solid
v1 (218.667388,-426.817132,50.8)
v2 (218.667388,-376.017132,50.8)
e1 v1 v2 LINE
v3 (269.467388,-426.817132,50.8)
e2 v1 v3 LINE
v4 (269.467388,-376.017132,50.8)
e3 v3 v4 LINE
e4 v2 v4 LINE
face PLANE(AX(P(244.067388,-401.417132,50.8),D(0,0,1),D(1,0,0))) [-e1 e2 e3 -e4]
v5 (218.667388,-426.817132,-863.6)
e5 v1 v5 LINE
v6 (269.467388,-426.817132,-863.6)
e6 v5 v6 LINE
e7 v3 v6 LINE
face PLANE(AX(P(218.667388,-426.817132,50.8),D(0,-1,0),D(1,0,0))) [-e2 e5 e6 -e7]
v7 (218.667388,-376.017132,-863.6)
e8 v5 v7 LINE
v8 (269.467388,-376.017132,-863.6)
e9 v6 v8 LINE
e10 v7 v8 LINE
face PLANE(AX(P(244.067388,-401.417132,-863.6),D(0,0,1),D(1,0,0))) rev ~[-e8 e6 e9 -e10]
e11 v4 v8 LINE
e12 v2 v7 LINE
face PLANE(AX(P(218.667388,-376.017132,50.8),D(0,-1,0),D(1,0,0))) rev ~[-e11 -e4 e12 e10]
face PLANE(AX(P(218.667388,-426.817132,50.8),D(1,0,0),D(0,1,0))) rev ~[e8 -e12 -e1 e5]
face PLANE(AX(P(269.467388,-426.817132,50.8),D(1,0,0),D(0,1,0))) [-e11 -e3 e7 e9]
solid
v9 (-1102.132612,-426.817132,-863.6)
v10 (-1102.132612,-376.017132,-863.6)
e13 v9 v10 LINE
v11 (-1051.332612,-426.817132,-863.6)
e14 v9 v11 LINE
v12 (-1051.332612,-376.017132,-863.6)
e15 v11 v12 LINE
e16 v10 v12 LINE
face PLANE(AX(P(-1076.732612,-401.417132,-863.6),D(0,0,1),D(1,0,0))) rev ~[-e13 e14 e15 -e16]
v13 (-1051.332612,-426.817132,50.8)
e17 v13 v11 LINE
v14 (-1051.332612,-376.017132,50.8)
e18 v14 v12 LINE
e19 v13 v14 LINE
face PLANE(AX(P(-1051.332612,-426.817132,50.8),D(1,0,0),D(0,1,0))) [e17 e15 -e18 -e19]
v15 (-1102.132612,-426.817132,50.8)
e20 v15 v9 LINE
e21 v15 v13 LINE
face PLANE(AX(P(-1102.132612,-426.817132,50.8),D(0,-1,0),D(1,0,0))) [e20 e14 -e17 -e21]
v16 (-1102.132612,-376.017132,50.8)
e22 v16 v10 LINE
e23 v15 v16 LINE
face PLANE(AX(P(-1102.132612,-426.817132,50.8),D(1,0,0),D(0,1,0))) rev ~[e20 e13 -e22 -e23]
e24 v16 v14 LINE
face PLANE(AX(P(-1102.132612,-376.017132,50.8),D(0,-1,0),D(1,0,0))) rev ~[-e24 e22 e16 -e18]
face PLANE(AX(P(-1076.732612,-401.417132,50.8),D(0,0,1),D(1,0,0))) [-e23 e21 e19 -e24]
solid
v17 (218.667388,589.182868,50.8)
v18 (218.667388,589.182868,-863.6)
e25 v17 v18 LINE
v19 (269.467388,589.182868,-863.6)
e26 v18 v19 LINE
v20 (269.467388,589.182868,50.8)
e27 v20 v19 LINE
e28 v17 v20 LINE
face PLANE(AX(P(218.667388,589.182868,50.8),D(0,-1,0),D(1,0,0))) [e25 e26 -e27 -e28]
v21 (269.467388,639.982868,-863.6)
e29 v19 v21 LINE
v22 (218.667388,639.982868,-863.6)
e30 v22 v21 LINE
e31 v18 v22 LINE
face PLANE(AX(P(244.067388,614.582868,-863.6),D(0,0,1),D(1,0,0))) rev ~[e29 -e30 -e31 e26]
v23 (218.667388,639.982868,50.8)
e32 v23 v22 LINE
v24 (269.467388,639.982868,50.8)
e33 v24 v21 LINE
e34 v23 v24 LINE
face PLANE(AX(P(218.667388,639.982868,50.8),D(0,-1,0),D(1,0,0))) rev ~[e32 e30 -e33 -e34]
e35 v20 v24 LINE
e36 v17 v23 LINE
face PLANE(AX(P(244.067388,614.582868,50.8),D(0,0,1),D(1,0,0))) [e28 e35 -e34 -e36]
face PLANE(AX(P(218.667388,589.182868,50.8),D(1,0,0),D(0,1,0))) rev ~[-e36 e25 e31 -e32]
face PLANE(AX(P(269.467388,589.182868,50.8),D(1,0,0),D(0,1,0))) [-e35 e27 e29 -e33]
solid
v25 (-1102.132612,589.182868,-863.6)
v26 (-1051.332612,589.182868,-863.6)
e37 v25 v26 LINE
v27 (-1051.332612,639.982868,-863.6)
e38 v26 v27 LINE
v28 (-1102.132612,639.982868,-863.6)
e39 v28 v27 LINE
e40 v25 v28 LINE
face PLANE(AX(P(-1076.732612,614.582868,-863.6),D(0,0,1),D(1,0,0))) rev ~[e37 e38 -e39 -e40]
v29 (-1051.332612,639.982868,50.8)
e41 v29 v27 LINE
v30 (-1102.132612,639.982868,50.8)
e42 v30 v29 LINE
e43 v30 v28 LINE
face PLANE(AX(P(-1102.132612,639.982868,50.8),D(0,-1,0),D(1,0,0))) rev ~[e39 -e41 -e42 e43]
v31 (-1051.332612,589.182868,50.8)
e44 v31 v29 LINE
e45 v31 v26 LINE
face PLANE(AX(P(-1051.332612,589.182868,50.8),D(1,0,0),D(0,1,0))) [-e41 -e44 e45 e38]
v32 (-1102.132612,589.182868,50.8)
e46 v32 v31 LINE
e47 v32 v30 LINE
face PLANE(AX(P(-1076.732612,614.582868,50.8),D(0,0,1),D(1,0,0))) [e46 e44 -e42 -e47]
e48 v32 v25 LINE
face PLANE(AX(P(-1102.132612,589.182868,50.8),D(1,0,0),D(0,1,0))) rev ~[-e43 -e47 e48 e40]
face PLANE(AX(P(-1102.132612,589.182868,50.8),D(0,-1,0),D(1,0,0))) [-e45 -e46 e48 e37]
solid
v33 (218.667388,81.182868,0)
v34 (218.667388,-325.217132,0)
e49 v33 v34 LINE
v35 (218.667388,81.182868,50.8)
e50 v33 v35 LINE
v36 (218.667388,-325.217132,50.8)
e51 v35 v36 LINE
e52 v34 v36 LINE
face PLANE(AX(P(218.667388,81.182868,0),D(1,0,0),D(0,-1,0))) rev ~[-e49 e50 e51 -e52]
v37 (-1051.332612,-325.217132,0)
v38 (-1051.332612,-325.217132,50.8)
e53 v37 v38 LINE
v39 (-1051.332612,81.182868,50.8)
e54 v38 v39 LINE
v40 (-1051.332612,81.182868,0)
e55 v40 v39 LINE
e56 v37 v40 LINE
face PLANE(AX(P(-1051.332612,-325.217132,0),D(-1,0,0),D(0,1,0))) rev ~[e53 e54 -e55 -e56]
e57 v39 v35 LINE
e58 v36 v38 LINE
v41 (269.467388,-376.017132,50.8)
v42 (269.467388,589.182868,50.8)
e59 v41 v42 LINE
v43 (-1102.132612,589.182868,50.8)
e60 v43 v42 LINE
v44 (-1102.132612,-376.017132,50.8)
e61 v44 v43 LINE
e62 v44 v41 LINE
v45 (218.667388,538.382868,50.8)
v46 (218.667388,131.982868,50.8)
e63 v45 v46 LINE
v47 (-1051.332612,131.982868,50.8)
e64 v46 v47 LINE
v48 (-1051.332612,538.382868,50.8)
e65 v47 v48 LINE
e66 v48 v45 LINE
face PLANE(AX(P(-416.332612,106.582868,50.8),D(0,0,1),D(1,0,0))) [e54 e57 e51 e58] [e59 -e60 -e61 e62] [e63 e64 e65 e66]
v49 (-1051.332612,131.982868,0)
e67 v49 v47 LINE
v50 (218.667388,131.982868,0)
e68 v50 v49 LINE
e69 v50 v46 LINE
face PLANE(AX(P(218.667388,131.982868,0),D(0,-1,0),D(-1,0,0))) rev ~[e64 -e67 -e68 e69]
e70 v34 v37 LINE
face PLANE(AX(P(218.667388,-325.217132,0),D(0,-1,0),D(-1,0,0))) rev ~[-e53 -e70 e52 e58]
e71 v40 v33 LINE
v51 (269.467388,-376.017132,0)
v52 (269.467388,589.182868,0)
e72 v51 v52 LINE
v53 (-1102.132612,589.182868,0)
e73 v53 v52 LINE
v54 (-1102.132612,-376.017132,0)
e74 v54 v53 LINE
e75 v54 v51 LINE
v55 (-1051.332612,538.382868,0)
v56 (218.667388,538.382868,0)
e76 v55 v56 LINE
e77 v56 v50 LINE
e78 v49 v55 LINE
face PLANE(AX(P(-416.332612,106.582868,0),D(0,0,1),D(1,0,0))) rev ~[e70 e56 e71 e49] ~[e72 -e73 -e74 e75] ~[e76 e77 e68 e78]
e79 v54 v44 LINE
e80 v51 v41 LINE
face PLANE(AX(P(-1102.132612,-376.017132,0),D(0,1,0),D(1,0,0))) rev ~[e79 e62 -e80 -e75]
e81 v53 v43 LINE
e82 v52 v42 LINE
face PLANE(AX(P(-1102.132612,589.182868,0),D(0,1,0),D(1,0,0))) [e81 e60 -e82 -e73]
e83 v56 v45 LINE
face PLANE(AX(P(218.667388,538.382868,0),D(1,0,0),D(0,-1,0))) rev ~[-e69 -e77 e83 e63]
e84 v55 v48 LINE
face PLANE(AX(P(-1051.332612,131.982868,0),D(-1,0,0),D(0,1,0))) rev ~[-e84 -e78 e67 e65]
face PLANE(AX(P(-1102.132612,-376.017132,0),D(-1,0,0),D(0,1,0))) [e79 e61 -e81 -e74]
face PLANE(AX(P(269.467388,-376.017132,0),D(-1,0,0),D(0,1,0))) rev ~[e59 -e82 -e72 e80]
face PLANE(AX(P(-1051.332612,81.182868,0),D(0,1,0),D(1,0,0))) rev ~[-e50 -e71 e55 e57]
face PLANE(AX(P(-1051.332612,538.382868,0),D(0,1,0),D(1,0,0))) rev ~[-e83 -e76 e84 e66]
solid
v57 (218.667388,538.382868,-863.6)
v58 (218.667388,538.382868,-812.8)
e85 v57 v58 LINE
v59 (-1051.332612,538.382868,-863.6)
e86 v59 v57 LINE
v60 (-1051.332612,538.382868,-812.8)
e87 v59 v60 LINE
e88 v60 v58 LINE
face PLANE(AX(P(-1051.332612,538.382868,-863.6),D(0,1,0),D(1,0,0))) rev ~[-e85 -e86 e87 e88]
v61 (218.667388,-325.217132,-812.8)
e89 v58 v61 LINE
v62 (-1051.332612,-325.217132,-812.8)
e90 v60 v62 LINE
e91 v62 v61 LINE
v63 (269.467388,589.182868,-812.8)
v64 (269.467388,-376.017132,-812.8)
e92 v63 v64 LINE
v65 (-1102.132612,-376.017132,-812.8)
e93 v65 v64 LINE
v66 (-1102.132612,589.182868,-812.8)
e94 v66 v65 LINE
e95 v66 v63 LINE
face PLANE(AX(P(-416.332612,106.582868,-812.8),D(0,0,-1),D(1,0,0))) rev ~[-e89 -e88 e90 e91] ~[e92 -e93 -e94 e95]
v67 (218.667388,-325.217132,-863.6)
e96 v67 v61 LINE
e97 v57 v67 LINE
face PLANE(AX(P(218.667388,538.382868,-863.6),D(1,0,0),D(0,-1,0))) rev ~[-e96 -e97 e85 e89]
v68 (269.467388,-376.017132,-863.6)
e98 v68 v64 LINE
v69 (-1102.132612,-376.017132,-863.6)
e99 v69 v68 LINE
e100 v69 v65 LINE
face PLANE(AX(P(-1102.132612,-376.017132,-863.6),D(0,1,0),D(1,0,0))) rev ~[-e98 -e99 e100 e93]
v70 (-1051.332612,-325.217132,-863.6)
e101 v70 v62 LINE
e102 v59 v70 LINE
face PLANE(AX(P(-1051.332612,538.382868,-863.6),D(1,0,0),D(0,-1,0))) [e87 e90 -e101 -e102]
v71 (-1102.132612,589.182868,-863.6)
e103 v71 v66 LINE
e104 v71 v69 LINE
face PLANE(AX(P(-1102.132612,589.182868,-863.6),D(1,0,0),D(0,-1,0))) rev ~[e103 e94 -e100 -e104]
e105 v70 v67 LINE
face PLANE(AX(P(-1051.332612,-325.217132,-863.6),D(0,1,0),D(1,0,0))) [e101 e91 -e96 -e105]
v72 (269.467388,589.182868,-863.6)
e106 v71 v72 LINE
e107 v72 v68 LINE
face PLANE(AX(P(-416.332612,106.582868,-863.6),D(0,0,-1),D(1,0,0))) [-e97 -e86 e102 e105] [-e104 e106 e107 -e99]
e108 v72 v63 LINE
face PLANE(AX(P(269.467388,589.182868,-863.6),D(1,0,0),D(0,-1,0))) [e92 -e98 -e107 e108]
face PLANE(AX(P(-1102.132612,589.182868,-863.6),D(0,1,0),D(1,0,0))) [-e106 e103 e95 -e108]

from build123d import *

# Parameters (mm, degrees)
F0_W     = 1371.6
F0_H     = 965.2
F0_W_2   = 260.35
F0_H_2   = 25.4
F0_W_3   = 234.95
F0_W_4   = 254
F1_DEPTH = 50.8
F2_W     = 50.8
F2_H     = 50.8
F3_DEPTH = 914.4
F4_W     = 1371.6
F4_H     = 965.2
F4_W_2   = 1270
F4_H_2   = 863.6
F5_DEPTH = 50.8


with BuildPart() as f1:
    # F0 (on Top) → F1 (new body)
    with BuildSketch(Plane.XY):
        with Locations((-416.3326116403, 106.5828682661)):
            Rectangle(F0_W, F0_H)
        Polygon((-816.3826116403, -350.6171317339), (-1076.7326116403, -350.6171317339), (-1076.7326116403, -122.0171317339), (-1076.7326116403, 106.5828682661), (-1076.7326116403, 335.1828682661), (-1076.7326116403, 563.7828682661), (-816.3826116403, 563.7828682661), (-556.0326116403, 563.7828682661), (-295.6826116403, 563.7828682661), (-35.3326116403, 563.7828682661), (244.0673883597, 563.7828682661), (244.0673883597, 335.1828682661), (244.0673883597, 106.5828682661), (244.0673883597, -122.0171317339), (244.0673883597, -350.6171317339), (-35.3326116403, -350.6171317339), (-295.6826116403, -350.6171317339), (-556.0326116403, -350.6171317339), align=None, mode=Mode.SUBTRACT)
        Polygon((-1076.7326116403, -122.0171317339), (-1076.7326116403, -350.6171317339), (-816.3826116403, -350.6171317339), (-816.3826116403, -325.2171317339), (-1051.3326116403, -325.2171317339), (-1051.3326116403, -122.0171317339), (-1051.3326116403, 81.1828682661), (-1051.3326116403, 106.5828682661), (-1051.3326116403, 131.9828682661), (-1051.3326116403, 335.1828682661), (-1051.3326116403, 538.3828682661), (-816.3826116403, 538.3828682661), (-556.0326116403, 538.3828682661), (-295.6826116403, 538.3828682661), (-35.3326116403, 538.3828682661), (218.6673883597, 538.3828682661), (218.6673883597, 335.1828682661), (218.6673883597, 131.9828682661), (218.6673883597, 106.5828682661), (244.0673883597, 106.5828682661), (244.0673883597, 335.1828682661), (244.0673883597, 563.7828682661), (-35.3326116403, 563.7828682661), (-295.6826116403, 563.7828682661), (-556.0326116403, 563.7828682661), (-816.3826116403, 563.7828682661), (-1076.7326116403, 563.7828682661), (-1076.7326116403, 335.1828682661), (-1076.7326116403, 106.5828682661), align=None)
        Polygon((-295.6826116403, -325.2171317339), (-295.6826116403, -350.6171317339), (-35.3326116403, -350.6171317339), (244.0673883597, -350.6171317339), (244.0673883597, -122.0171317339), (244.0673883597, 106.5828682661), (218.6673883597, 106.5828682661), (218.6673883597, 81.1828682661), (218.6673883597, -122.0171317339), (218.6673883597, -325.2171317339), (-35.3326116403, -325.2171317339), align=None)
        with Locations((-425.8576116403, -337.9171317339)):
            Rectangle(F0_W_2, F0_H_2)
        with Locations((-686.2076116403, -337.9171317339)):
            Rectangle(F0_W_2, F0_H_2)
        with Locations((-933.8576116403, 119.2828682661)):
            Rectangle(F0_W_3, F0_H_2)
        with Locations((-686.2076116403, 119.2828682661)):
            Rectangle(F0_W_2, F0_H_2)
        with Locations((-425.8576116403, 119.2828682661)):
            Rectangle(F0_W_2, F0_H_2)
        with Locations((-165.5076116403, 119.2828682661)):
            Rectangle(F0_W_2, F0_H_2)
        with Locations((91.6673883597, 119.2828682661)):
            Rectangle(F0_W_4, F0_H_2)
        with Locations((-933.8576116403, 93.8828682661)):
            Rectangle(F0_W_3, F0_H_2)
        with Locations((-686.2076116403, 93.8828682661)):
            Rectangle(F0_W_2, F0_H_2)
        with Locations((-425.8576116403, 93.8828682661)):
            Rectangle(F0_W_2, F0_H_2)
        with Locations((-165.5076116403, 93.8828682661)):
            Rectangle(F0_W_2, F0_H_2)
        with Locations((91.6673883597, 93.8828682661)):
            Rectangle(F0_W_4, F0_H_2)
    extrude(amount=F1_DEPTH)


with BuildPart() as f3:
    # F2 (on face) → F3 (new body)
    with BuildSketch(Plane.XY.offset(50.8)):
        with Locations((244.0673883597, 614.5828682661)):
            Rectangle(F2_W, F2_H)
    extrude(amount=-F3_DEPTH)


with BuildPart() as f3b:
    # F2 (on face) → F3, piece 2 (new body)
    with BuildSketch(Plane.XY.offset(50.8)):
        with Locations((-1076.7326116403, -401.4171317339)):
            Rectangle(F2_W, F2_H)
    extrude(amount=-F3_DEPTH)


with BuildPart() as f3c:
    # F2 (on face) → F3, piece 3 (new body)
    with BuildSketch(Plane.XY.offset(50.8)):
        with Locations((244.0673883597, -401.4171317339)):
            Rectangle(F2_W, F2_H)
    extrude(amount=-F3_DEPTH)


with BuildPart() as f3d:
    # F2 (on face) → F3, piece 4 (new body)
    with BuildSketch(Plane.XY.offset(50.8)):
        with Locations((-1076.7326116403, 614.5828682661)):
            Rectangle(F2_W, F2_H)
    extrude(amount=-F3_DEPTH)


with BuildPart() as f5:
    # F4 (on face) → F5 (new body)
    with BuildSketch(Plane(origin=(0, 0, -863.6), x_dir=(1, 0, 0), z_dir=(0, 0, -1))):
        with Locations((-416.3326116403, -106.5828682661)):
            Rectangle(F4_W, F4_H)
        with Locations((-416.3326116403, -106.5828682661)):
            Rectangle(F4_W_2, F4_H_2, mode=Mode.SUBTRACT)
    extrude(amount=-F5_DEPTH)


solid = Compound([f1.part, f3.part, f3b.part, f3c.part, f3d.part, f5.part])
